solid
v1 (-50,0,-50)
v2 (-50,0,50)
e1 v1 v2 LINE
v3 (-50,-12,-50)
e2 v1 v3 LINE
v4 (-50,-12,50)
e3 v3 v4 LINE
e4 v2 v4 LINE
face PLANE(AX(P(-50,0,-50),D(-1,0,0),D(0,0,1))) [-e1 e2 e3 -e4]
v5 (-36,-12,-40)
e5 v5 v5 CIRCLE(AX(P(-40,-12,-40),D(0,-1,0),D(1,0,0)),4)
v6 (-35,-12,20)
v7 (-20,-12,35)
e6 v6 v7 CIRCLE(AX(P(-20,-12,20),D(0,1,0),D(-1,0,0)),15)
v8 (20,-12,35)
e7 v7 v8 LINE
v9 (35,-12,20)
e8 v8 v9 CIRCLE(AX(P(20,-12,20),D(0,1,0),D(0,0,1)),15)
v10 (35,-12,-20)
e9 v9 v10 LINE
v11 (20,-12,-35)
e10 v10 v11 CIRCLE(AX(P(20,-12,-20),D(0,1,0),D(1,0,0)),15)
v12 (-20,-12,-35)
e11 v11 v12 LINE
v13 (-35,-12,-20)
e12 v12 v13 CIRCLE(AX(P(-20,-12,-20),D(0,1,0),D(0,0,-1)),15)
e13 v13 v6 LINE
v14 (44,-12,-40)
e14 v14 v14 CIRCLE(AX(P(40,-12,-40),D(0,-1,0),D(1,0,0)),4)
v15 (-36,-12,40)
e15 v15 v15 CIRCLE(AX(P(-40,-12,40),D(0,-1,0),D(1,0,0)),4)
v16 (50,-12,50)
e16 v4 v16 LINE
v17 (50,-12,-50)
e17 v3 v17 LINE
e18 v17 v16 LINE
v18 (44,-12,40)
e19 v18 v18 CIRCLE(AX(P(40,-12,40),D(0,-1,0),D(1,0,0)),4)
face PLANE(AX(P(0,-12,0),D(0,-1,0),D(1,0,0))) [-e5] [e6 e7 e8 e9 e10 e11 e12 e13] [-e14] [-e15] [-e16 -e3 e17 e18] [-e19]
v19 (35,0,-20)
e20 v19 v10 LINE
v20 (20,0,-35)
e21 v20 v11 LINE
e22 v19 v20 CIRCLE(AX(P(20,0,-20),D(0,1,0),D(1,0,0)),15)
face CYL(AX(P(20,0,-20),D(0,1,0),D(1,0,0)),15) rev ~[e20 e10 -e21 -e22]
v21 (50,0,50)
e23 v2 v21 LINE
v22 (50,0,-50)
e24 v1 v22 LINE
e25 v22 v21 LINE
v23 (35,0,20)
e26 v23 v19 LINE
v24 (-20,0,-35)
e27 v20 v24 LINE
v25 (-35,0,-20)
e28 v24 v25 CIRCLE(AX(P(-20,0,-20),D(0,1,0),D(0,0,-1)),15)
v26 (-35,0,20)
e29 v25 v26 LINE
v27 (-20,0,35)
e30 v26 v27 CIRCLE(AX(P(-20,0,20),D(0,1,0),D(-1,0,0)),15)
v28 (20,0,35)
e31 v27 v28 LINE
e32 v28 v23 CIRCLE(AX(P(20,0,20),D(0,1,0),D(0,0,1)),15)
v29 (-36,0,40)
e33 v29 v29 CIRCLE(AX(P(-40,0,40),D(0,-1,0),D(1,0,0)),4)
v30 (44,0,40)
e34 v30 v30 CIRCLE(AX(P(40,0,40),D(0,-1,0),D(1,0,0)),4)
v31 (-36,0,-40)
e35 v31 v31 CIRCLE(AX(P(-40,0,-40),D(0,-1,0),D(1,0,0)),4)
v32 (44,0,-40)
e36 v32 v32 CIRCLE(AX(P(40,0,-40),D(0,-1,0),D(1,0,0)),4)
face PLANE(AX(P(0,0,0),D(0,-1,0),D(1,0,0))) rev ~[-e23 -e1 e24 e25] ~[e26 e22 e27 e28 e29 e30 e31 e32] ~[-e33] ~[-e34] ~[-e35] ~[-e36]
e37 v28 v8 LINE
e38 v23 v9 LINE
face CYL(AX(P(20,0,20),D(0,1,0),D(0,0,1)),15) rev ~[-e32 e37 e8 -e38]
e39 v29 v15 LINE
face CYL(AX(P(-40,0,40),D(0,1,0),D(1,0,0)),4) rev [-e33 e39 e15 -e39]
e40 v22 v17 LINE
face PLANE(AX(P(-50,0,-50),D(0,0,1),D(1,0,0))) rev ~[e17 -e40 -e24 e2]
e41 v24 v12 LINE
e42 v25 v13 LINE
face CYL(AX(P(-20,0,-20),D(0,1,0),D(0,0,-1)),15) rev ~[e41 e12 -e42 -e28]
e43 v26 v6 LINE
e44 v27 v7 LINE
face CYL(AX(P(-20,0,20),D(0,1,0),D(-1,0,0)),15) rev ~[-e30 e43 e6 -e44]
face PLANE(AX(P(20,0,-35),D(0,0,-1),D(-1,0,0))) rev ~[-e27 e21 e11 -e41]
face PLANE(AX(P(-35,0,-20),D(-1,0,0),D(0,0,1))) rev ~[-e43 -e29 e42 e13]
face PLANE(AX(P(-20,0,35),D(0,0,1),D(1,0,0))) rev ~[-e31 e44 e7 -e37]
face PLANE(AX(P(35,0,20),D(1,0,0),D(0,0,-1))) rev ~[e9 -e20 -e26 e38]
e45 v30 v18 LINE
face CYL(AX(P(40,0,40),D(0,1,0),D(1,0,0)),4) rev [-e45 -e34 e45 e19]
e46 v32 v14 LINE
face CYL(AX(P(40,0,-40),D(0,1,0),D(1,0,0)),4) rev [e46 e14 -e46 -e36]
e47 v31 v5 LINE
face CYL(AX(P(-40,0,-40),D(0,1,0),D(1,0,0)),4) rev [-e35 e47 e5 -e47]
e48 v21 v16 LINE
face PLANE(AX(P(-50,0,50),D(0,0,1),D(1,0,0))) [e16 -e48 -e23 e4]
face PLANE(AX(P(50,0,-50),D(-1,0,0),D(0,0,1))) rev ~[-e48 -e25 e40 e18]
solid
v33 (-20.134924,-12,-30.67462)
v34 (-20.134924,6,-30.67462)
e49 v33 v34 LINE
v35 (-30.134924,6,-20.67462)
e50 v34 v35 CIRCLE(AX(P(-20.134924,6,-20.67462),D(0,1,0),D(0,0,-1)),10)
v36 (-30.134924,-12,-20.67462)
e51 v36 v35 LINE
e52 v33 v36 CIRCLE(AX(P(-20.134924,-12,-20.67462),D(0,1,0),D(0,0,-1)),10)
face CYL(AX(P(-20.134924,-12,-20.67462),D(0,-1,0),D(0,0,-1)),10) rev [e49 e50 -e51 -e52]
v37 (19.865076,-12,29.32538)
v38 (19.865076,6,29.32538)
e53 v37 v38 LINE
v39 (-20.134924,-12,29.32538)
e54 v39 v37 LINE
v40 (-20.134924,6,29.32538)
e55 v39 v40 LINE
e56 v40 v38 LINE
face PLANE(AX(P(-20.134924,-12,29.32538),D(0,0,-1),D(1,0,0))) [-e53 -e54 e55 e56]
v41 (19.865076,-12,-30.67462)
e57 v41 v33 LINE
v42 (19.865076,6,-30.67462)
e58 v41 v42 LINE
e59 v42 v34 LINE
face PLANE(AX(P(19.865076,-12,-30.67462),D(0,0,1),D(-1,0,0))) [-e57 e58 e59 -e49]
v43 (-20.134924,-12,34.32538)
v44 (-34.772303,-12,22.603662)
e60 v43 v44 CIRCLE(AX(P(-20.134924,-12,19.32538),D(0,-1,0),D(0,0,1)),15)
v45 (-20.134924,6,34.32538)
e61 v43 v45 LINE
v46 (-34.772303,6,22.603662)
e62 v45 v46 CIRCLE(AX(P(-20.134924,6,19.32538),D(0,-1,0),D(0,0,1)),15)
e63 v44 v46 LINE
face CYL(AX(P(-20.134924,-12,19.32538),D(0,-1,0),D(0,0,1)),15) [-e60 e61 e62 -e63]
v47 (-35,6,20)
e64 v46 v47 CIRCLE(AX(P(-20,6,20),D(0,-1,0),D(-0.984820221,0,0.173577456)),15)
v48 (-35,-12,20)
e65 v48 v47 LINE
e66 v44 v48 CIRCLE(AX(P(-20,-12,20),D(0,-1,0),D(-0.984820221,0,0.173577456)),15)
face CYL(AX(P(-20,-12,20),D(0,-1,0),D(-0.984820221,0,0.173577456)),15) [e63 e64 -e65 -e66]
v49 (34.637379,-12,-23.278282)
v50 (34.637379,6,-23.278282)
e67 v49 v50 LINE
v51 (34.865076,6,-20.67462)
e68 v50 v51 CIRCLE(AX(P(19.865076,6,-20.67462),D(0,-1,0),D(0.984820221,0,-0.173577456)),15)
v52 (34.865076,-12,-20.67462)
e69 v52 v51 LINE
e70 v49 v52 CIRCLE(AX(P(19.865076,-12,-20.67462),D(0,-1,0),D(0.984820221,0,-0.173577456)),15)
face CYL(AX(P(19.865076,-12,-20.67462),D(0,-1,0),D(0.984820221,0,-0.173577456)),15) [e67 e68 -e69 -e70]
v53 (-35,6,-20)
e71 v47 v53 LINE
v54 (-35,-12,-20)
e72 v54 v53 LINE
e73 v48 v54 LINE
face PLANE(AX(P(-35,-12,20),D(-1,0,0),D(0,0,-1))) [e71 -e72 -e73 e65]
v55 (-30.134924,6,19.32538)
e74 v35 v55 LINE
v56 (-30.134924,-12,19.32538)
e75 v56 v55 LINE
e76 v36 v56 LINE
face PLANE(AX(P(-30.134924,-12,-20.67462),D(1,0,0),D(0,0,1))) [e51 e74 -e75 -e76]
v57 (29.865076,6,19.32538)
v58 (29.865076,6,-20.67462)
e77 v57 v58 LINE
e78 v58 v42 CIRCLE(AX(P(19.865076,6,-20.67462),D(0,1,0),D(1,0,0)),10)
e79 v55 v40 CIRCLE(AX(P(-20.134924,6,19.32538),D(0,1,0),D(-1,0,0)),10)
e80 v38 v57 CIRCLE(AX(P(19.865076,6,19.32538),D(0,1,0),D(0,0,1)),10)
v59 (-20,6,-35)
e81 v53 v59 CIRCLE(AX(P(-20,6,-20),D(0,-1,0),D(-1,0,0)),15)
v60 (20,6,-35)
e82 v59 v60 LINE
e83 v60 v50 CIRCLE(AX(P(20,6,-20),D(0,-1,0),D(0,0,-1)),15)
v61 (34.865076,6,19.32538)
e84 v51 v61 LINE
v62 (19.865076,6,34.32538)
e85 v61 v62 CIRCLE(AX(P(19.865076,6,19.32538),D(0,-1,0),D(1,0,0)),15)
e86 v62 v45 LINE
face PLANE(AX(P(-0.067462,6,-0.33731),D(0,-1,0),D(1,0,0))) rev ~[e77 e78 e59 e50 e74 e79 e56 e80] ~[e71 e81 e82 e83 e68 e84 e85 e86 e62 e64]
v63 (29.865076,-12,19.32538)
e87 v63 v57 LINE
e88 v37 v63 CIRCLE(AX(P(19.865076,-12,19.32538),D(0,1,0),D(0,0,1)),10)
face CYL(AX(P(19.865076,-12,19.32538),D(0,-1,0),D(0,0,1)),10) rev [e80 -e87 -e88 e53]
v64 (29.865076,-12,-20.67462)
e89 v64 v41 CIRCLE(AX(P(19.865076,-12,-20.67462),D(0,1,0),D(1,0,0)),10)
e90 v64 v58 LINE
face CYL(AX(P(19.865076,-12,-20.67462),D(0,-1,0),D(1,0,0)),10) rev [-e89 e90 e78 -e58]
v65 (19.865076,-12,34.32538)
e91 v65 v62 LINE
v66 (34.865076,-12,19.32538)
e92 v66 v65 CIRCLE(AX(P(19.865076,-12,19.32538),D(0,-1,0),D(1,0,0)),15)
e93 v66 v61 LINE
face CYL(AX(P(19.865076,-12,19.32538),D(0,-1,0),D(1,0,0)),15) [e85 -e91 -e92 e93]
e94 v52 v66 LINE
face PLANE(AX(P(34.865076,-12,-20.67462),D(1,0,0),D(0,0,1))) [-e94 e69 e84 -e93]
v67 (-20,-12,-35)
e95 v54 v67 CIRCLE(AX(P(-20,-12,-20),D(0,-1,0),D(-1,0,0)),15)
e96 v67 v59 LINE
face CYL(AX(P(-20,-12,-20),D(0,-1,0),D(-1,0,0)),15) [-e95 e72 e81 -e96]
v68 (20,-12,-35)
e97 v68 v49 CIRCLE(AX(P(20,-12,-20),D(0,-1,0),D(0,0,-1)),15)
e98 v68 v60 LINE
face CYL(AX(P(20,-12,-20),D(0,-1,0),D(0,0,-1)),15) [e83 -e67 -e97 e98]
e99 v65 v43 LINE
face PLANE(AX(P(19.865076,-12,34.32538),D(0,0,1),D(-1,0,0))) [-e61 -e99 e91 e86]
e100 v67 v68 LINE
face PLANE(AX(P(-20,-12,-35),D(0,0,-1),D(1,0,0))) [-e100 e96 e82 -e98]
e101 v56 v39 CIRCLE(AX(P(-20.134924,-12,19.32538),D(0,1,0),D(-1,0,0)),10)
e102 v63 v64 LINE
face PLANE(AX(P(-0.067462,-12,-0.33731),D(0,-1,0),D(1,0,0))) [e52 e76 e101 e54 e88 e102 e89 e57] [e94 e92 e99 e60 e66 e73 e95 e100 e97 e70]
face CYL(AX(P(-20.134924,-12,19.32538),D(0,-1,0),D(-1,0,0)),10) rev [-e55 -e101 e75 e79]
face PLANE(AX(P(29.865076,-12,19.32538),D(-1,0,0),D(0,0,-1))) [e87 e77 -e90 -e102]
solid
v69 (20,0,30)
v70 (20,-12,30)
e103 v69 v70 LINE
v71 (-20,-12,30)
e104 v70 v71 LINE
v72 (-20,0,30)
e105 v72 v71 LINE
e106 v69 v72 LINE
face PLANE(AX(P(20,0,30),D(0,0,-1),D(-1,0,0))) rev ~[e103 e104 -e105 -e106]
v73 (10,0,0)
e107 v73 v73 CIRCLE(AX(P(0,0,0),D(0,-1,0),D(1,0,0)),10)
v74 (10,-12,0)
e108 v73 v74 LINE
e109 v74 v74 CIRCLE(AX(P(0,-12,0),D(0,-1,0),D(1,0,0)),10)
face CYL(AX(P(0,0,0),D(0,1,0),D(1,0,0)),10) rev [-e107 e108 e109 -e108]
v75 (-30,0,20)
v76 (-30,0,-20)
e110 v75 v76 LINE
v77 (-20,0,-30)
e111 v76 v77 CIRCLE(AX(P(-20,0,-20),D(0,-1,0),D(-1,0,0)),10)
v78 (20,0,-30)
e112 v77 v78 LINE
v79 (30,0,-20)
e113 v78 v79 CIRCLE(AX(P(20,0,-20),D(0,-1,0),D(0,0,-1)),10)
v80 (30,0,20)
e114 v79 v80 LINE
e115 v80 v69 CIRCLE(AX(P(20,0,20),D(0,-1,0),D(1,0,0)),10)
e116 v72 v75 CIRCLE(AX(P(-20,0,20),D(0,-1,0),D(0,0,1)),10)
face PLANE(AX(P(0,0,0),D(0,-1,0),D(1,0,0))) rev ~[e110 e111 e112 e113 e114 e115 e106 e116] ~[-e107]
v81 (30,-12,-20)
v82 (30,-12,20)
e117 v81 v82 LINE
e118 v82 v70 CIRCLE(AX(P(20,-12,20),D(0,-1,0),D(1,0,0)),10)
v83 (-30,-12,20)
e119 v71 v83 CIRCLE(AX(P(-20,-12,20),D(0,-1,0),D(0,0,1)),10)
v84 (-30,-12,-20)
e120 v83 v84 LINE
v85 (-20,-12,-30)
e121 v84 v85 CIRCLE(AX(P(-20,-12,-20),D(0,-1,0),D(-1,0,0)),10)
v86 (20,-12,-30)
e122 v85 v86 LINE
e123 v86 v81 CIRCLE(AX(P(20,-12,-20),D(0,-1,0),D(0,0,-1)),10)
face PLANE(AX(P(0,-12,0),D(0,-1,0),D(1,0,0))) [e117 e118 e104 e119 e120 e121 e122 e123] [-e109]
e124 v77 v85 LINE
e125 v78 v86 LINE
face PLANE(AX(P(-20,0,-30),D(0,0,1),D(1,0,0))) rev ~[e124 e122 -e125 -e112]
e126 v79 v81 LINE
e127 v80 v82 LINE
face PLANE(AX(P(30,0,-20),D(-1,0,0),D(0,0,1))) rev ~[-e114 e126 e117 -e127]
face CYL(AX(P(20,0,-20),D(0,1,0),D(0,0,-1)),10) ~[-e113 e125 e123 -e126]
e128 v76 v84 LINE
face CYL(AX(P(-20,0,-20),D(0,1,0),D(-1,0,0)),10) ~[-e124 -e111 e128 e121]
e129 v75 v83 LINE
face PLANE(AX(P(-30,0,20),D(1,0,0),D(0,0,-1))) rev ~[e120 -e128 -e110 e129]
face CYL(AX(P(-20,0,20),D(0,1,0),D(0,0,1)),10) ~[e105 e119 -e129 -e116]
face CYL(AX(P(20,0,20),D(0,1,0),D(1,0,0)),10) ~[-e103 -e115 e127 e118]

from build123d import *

# Parameters (mm, degrees)
F0_R     = 10
F1_DEPTH = 12
F0_W     = 100
F0_H     = 100
F0_R_2   = 4
F3_DEPTH = 18


with BuildPart() as f1:
    # F0 (on Front) → F1 (new body)
    with BuildSketch(Plane.XZ):
        with BuildLine():
            Line((-20, -30), (20, -30))
            ThreePointArc((20, -30), (27.0710678119, -27.0710678119), (30, -20))
            Line((30, -20), (30, 20))
            ThreePointArc((30, 20), (27.0710678119, 27.0710678119), (20, 30))
            Line((20, 30), (-20, 30))
            ThreePointArc((-20, 30), (-27.0710678119, 27.0710678119), (-30, 20))
            Line((-30, 20), (-30, -20))
            ThreePointArc((-30, -20), (-27.0710678119, -27.0710678119), (-20, -30))
        make_face()
        Circle(F0_R, mode=Mode.SUBTRACT)
    extrude(amount=F1_DEPTH)


with BuildPart() as f1b:
    # F0 (on Front) → F1, piece 2 (new body)
    with BuildSketch(Plane.XZ):
        Rectangle(F0_W, F0_H)
        with Locations((-40, -40)):
            Circle(F0_R_2, mode=Mode.SUBTRACT)
        with Locations((40, -40)):
            Circle(F0_R_2, mode=Mode.SUBTRACT)
        with Locations((-40, 40)):
            Circle(F0_R_2, mode=Mode.SUBTRACT)
        with BuildLine():
            Line((35, 20), (35, -20))
            ThreePointArc((35, -20), (30.6066017178, -30.6066017178), (20, -35))
            Line((20, -35), (-20, -35))
            ThreePointArc((-20, -35), (-30.6066017178, -30.6066017178), (-35, -20))
            Line((-35, -20), (-35, 20))
            ThreePointArc((-35, 20), (-30.6066017178, 30.6066017178), (-20, 35))
            Line((-20, 35), (20, 35))
            ThreePointArc((20, 35), (30.6066017178, 30.6066017178), (35, 20))
        make_face(mode=Mode.SUBTRACT)
        with Locations((40, 40)):
            Circle(F0_R_2, mode=Mode.SUBTRACT)
    extrude(amount=F1_DEPTH)


with BuildPart() as f3:
    # F2 (on face) → F3 (new body)
    with BuildSketch(Plane.XZ.offset(12)):
        with BuildLine():
            ThreePointArc((34.6373791876, -23.2782816413), (34.8080432822, -21.9814194015), (34.8650758789, -20.6746198051))
            Line((34.8650758789, -20.6746198051), (34.8650758789, 19.3253801949))
            ThreePointArc((34.8650758789, 19.3253801949), (30.4716775967, 29.9319819127), (19.8650758789, 34.3253801949))
            Line((19.8650758789, 34.3253801949), (-20.1349241211, 34.3253801949))
            ThreePointArc((-20.1349241211, 34.3253801949), (-29.5111113894, 31.0338007677), (-34.7723033086, 22.6036618362))
            ThreePointArc((-34.7723033086, 22.6036618362), (-34.9429674033, 21.3067995964), (-35, 20))
            Line((-35, 20), (-35, -20))
            ThreePointArc((-35, -20), (-30.6066017178, -30.6066017178), (-20, -35))
            Line((-20, -35), (20, -35))
            ThreePointArc((20, -35), (29.3761872683, -31.7084205728), (34.6373791876, -23.2782816413))
        make_face()
        with BuildLine():
            ThreePointArc((29.8650758789, -20.6746198051), (26.9361436908, -27.7456876169), (19.8650758789, -30.6746198051))
            Line((19.8650758789, -30.6746198051), (-20.1349241211, -30.6746198051))
            ThreePointArc((-20.1349241211, -30.6746198051), (-27.205991933, -27.7456876169), (-30.1349241211, -20.6746198051))
            Line((-30.1349241211, -20.6746198051), (-30.1349241211, 19.3253801949))
            ThreePointArc((-30.1349241211, 19.3253801949), (-27.205991933, 26.3964480068), (-20.1349241211, 29.3253801949))
            Line((-20.1349241211, 29.3253801949), (19.8650758789, 29.3253801949))
            ThreePointArc((19.8650758789, 29.3253801949), (26.9361436908, 26.3964480068), (29.8650758789, 19.3253801949))
            Line((29.8650758789, 19.3253801949), (29.8650758789, -20.6746198051))
        make_face(mode=Mode.SUBTRACT)
    extrude(amount=-F3_DEPTH)


solid = Compound([f1.part, f1b.part, f3.part])
